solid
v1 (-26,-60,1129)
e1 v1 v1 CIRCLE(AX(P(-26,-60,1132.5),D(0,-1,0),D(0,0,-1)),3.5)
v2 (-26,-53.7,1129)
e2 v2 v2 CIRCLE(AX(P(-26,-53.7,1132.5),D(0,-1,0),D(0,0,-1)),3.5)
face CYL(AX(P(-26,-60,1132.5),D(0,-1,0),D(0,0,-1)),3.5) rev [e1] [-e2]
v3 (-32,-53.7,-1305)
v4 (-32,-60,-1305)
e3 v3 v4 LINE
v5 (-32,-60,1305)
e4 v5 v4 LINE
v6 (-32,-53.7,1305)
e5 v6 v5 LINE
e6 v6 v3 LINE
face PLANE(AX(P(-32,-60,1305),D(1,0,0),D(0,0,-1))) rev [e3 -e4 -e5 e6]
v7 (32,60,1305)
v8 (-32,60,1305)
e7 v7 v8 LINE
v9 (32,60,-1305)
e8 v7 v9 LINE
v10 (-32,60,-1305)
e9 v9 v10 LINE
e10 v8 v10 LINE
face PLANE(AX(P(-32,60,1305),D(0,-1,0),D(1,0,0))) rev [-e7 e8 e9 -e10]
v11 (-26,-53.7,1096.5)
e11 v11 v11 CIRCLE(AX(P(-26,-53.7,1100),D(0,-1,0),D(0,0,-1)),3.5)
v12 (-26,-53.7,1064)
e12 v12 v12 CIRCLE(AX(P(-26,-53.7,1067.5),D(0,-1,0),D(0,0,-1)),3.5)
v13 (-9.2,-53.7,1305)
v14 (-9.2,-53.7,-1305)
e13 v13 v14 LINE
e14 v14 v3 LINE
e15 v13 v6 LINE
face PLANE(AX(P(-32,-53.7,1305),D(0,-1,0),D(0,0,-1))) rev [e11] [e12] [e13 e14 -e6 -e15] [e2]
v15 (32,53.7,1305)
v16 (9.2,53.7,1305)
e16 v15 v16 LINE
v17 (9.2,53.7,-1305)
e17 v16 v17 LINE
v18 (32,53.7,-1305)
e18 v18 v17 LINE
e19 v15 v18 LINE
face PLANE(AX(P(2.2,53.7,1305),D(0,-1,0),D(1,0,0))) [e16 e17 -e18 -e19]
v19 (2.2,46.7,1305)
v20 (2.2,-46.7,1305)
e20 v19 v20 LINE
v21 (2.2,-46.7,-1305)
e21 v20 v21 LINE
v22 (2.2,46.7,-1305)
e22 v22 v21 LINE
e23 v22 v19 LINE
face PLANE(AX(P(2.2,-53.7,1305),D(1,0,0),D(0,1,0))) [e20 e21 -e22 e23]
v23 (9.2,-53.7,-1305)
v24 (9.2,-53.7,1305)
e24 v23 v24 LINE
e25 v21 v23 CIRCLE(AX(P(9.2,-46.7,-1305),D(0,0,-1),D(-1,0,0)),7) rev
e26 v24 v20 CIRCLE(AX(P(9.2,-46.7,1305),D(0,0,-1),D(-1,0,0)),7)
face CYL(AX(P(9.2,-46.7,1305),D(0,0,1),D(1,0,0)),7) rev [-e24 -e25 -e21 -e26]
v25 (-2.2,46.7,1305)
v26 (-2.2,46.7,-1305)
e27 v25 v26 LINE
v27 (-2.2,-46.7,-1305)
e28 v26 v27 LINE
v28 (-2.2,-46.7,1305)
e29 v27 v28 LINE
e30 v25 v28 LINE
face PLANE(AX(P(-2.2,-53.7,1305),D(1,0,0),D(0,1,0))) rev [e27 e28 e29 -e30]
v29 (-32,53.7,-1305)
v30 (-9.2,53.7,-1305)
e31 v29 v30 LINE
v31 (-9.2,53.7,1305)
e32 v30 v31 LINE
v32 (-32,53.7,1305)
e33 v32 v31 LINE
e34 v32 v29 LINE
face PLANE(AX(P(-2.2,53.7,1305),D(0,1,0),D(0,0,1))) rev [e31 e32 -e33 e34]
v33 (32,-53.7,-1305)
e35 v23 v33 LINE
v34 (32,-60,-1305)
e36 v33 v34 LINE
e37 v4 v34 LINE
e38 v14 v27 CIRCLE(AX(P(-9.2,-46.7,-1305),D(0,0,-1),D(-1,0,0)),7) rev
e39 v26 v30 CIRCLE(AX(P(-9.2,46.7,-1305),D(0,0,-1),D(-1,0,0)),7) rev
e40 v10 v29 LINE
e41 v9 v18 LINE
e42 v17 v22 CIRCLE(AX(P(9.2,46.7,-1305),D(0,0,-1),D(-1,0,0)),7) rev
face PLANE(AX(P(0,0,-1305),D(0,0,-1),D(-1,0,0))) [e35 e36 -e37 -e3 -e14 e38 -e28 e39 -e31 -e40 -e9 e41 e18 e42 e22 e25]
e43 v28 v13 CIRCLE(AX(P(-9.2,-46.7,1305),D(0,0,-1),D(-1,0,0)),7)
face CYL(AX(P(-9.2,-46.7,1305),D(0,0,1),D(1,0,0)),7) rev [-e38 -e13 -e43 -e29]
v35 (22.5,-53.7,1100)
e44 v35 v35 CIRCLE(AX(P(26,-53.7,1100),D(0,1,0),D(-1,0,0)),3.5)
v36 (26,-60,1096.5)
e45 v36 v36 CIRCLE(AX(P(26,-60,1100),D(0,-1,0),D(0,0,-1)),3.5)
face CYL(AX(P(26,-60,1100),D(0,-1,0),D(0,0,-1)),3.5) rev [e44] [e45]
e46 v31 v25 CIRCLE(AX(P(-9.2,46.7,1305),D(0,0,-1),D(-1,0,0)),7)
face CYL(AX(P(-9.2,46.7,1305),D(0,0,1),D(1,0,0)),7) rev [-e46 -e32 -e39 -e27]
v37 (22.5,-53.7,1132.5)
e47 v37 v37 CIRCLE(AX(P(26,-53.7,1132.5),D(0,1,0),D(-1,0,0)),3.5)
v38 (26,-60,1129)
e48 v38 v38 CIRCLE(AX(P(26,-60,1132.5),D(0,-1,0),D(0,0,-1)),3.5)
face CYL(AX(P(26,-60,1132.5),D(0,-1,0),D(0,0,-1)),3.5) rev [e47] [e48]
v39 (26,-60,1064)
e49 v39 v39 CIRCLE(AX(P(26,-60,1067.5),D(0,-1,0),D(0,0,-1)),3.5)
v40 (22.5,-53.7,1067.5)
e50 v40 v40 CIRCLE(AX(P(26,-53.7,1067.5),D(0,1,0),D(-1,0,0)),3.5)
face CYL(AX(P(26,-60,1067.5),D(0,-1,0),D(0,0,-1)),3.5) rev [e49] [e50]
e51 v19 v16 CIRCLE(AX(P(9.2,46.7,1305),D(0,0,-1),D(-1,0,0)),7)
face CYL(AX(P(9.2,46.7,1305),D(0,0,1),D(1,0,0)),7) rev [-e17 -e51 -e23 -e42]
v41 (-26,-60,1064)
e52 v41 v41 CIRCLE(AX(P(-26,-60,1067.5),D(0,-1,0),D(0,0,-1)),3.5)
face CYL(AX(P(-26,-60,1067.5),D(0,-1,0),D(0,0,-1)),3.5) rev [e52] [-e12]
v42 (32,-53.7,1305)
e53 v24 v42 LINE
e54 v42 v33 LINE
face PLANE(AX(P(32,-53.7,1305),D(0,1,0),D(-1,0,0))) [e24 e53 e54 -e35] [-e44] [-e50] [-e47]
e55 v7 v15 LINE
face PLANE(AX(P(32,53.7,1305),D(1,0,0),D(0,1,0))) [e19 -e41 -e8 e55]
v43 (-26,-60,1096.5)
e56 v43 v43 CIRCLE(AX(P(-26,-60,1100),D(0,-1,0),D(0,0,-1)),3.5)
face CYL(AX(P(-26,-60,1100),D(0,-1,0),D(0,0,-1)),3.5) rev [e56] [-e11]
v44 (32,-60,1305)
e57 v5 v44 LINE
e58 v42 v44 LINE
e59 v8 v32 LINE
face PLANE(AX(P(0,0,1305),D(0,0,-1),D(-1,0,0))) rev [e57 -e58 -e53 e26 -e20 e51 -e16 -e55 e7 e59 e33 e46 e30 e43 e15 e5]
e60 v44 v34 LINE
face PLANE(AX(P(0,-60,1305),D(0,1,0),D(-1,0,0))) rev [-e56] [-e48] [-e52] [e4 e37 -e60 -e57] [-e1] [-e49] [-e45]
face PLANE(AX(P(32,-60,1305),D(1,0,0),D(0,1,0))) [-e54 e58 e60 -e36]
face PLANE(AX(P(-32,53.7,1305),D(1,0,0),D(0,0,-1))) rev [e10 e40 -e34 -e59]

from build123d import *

# Parameters (mm, degrees)
BOSS_EXTRUDE1_DEPTH          = 1305
FILLET1_R                    = 7
F_7_0_7_DIAMETER_HOLE1_D     = 7
F_7_0_7_DIAMETER_HOLE1_DEPTH = 6.3
LPATTERN1_COUNT              = 3
LPATTERN1_PITCH              = 32.5
LPATTERN1_COUNT_DIR2         = 2
LPATTERN1_PITCH_DIR2         = 52


with BuildPart() as part:
    # Sketch1 → Boss-Extrude1 (new body, symmetric)
    with BuildSketch(Plane.XY):
        Polygon((0, 60), (0, -60), (-32, -60), (-32, -53.7), (-2.2, -53.7), (-2.2, 53.7), (-32, 53.7), (-32, 60), align=None)
    boss_extrude1 = extrude(amount=BOSS_EXTRUDE1_DEPTH, both=True)

    # Mirror1: Boss-Extrude1 across plane
    add(boss_extrude1.mirror(Plane(origin=(0, 60, 1305), x_dir=(0, 0, 1), z_dir=(-1, 0, 0))))

    # Fillet1
    fillet1_edges = [part.edges().sort_by_distance(p)[0] for p in [
        (-2.2, -53.7, 0),
        (-2.2, 53.7, 0),
        (2.2, -53.7, 0),
        (2.2, 53.7, 0),
    ]]
    fillet(fillet1_edges, radius=FILLET1_R)

    # Ø7.0 (7) Diameter Hole1
    with Locations(Plane(origin=(0, -60, 0), x_dir=(-1, 0, 0), z_dir=(0, -1, 0))):
        with Locations((-26, -1132.5)):
            f_7_0_7_diameter_hole1 = Hole(F_7_0_7_DIAMETER_HOLE1_D / 2, depth=F_7_0_7_DIAMETER_HOLE1_DEPTH)

    # LPattern1: 7.0 _7_ Diameter Hole1 3 × 2
    with Locations(*[(-j * LPATTERN1_PITCH_DIR2, 0, -i * LPATTERN1_PITCH) for i in range(LPATTERN1_COUNT) for j in range(LPATTERN1_COUNT_DIR2) if (i, j) != (0, 0)]):
        add(f_7_0_7_diameter_hole1, mode=Mode.SUBTRACT)


solid = part.part
